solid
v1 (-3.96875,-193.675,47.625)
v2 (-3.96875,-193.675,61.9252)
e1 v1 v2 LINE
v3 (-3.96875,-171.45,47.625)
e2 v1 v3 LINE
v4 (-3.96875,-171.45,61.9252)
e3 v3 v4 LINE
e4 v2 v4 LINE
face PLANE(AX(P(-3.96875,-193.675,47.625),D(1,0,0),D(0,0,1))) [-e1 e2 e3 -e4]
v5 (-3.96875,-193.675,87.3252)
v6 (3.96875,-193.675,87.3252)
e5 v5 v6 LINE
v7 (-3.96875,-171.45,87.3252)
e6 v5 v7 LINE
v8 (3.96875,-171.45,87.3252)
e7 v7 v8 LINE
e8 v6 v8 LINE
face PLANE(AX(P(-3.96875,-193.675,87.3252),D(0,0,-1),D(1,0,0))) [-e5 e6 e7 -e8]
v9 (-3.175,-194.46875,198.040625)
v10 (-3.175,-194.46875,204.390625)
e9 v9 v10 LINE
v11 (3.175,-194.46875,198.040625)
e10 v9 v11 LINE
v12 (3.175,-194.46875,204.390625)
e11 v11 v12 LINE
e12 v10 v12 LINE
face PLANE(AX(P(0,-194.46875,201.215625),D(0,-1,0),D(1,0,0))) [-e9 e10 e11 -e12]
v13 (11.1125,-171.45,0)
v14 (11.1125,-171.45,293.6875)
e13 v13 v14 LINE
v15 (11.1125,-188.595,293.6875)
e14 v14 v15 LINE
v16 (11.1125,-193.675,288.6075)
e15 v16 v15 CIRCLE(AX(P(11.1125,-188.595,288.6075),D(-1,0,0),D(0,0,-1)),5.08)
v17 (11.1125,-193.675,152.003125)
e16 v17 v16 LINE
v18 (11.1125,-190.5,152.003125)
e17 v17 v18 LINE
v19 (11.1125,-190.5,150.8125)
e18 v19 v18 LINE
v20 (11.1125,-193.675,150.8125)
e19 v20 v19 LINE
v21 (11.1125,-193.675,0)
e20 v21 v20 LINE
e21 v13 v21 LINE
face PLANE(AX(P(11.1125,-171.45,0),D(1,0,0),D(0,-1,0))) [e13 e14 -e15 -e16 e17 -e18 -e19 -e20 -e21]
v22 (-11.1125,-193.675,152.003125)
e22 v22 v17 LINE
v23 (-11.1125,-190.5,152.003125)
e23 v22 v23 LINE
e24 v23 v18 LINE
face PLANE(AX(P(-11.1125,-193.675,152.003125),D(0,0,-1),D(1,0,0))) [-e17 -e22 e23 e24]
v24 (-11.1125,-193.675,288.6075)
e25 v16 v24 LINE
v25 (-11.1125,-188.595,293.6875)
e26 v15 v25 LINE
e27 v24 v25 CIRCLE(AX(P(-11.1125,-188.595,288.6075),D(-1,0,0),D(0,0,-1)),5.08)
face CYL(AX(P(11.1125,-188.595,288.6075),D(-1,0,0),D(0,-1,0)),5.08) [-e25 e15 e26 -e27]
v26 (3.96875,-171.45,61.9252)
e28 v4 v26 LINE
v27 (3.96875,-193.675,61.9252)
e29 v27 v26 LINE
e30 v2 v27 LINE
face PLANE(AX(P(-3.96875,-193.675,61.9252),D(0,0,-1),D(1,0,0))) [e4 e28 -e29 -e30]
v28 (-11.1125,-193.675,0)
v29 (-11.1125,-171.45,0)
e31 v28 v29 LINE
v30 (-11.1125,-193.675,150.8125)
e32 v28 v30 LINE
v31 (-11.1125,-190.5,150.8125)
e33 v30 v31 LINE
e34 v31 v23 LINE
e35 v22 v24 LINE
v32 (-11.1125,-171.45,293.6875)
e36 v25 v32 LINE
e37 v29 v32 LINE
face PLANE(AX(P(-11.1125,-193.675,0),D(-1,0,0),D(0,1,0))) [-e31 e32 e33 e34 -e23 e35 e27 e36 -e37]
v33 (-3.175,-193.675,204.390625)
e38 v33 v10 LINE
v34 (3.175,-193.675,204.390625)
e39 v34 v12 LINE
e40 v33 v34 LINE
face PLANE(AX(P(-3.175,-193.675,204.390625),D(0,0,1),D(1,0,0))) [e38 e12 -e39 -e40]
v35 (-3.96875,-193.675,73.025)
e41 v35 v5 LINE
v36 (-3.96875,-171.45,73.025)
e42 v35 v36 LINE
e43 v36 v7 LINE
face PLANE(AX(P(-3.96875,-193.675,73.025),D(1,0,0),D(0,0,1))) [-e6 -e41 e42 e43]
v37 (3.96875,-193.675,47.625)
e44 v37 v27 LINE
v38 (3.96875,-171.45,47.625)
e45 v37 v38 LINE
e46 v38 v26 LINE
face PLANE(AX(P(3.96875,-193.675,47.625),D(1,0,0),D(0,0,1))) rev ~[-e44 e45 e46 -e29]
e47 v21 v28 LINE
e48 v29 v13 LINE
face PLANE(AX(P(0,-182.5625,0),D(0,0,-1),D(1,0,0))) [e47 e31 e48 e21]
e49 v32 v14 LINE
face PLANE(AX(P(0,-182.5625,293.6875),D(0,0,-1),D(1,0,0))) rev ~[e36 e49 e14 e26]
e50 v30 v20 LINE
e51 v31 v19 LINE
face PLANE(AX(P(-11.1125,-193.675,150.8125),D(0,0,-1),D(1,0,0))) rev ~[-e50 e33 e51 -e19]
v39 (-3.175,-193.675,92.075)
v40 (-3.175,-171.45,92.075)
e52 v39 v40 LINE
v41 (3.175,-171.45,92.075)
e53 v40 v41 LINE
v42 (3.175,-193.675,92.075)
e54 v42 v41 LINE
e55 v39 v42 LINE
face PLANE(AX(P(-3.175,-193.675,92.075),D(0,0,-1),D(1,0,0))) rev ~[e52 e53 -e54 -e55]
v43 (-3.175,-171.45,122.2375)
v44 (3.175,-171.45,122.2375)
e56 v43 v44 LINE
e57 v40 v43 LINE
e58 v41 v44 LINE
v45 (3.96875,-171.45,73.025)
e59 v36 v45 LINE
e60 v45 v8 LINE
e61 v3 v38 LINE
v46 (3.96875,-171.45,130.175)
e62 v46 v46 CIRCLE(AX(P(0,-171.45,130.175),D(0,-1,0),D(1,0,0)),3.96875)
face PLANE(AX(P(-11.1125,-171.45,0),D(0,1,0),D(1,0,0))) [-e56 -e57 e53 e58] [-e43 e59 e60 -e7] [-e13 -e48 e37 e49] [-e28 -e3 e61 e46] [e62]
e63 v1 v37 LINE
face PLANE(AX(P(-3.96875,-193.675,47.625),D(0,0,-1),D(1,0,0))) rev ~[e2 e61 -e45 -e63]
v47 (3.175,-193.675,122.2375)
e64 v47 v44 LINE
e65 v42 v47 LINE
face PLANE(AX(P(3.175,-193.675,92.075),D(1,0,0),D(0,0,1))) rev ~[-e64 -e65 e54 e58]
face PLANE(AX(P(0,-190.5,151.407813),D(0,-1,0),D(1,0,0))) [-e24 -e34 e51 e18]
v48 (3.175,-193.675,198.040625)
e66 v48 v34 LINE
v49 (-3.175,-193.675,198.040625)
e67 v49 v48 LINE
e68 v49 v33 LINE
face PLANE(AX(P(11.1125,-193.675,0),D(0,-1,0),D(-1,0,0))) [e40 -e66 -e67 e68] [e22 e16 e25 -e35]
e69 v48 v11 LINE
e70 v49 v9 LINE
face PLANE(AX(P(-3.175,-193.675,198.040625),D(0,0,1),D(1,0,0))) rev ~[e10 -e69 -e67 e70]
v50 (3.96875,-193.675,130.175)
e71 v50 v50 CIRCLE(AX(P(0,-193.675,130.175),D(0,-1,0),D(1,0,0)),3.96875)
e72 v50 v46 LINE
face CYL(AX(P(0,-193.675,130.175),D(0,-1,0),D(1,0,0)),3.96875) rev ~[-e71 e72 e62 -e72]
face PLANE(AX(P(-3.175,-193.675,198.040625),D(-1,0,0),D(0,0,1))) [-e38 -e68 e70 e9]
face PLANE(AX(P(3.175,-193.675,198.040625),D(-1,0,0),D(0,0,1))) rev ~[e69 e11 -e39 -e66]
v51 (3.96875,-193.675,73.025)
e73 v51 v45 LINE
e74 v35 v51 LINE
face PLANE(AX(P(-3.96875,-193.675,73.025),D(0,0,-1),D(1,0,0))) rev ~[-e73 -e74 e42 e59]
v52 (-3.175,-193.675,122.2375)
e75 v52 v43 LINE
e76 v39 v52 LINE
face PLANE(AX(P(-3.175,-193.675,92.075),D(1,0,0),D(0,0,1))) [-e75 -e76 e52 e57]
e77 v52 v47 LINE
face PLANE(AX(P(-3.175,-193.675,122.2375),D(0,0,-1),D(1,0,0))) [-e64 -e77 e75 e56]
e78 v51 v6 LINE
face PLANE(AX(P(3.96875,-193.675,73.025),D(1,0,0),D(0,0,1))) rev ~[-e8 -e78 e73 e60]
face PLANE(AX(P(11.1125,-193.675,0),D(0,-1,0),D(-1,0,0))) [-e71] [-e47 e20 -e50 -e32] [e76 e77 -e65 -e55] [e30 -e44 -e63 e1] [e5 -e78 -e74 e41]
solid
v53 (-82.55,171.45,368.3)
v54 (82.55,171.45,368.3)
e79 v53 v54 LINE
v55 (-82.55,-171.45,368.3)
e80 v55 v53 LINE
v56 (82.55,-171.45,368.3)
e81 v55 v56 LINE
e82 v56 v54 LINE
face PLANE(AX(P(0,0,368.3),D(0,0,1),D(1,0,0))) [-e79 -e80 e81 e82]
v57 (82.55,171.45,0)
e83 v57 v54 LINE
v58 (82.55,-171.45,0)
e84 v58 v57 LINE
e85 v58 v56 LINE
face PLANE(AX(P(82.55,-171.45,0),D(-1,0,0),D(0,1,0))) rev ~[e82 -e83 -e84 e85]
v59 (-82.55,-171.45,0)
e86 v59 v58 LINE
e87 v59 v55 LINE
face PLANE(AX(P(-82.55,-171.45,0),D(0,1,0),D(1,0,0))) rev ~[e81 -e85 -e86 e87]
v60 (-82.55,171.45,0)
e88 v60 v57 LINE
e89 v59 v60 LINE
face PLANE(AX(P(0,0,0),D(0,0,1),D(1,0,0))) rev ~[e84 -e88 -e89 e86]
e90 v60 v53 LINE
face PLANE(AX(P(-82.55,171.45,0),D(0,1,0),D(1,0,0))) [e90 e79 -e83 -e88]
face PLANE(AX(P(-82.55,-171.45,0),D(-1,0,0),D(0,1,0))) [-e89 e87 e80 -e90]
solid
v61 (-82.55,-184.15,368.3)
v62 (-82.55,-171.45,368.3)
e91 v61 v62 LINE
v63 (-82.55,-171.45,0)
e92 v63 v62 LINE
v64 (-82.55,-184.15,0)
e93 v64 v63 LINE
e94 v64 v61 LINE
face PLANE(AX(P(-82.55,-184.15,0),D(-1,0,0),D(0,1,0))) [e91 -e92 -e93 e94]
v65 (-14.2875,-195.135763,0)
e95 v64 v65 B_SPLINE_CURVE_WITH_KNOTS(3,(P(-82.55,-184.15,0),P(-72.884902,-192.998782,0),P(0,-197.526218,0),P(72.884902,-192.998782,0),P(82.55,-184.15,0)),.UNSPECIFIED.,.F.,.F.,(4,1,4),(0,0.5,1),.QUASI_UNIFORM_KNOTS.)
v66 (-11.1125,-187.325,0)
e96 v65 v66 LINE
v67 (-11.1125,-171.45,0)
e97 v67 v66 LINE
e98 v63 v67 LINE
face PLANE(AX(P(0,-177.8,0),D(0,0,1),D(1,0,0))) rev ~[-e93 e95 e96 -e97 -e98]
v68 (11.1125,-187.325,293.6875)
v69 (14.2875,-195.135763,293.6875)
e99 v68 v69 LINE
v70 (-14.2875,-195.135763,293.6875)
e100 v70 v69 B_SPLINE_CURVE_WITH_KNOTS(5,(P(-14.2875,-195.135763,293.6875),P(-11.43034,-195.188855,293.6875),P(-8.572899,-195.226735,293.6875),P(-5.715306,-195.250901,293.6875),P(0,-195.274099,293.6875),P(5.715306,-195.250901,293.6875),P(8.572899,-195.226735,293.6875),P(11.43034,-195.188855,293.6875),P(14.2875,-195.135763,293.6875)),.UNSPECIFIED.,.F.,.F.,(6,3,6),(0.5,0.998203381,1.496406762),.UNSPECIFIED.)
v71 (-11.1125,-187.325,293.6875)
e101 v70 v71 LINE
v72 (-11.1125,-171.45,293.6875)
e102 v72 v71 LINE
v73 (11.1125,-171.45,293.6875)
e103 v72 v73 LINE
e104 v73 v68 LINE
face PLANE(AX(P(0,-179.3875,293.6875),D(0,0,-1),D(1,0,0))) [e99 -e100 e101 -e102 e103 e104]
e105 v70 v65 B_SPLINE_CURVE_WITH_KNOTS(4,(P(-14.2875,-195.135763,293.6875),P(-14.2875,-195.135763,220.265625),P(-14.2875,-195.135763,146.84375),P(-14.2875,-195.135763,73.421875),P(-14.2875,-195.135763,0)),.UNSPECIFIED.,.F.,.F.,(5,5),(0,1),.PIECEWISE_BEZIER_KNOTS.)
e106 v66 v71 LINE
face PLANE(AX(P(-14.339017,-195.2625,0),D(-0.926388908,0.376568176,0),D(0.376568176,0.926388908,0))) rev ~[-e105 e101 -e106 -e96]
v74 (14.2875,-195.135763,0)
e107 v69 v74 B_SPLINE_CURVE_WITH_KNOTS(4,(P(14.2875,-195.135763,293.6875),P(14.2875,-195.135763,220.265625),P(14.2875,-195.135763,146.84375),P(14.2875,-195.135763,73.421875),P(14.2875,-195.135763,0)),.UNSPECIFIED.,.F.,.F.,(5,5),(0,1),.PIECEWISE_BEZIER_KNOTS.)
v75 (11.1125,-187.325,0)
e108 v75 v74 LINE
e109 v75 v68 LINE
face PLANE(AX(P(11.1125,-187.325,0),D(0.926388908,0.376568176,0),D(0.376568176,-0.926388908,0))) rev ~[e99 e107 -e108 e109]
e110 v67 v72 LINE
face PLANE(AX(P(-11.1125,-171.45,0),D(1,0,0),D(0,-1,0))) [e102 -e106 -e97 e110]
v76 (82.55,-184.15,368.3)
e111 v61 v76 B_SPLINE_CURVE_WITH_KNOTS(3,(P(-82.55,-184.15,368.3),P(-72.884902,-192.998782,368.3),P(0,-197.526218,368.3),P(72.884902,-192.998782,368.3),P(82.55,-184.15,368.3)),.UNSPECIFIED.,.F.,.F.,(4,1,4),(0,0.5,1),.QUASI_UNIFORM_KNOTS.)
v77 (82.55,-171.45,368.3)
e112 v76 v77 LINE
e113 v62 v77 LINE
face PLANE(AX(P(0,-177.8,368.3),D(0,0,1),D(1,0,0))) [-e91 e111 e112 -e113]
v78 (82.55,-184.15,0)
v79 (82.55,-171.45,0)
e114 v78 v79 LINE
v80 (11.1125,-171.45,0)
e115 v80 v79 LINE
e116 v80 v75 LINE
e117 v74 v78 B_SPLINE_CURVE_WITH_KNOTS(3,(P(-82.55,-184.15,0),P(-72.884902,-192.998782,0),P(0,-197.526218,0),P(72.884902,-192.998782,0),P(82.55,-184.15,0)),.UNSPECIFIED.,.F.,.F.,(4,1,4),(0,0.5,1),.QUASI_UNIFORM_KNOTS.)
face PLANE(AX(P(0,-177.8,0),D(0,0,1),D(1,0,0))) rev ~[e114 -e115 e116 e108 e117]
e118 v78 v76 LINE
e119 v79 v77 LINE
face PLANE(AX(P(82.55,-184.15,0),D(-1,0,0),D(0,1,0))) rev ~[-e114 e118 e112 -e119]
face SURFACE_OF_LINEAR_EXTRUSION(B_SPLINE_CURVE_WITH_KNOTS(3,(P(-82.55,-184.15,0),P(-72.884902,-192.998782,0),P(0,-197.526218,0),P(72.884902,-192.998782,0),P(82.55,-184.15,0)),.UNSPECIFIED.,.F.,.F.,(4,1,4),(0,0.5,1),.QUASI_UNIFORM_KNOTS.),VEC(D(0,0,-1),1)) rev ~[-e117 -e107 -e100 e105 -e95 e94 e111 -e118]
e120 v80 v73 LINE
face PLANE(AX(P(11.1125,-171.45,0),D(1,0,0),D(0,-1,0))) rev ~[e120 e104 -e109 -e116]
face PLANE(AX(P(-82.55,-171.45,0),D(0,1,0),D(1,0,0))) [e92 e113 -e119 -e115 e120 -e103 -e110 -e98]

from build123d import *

# Parameters (mm, degrees)
F0_W      = 165.1
F0_H      = 342.9
F1_DEPTH  = 368.3
F2_W      = 165.1
F2_H      = 12.7
F3_DEPTH  = 368.3
F4_W      = 22.225
F4_H      = 15.875
F5_DEPTH  = 293.6875
F7_DEPTH  = 293.6875
F8_R      = 5.08
F9_W      = 22.225
F9_H      = 1.190625
F10_DEPTH = 3.175
F11_W     = 6.35
F11_H     = 6.35
F12_DEPTH = 0.79375
F13_R     = 3.96875
F13_W     = 6.35
F13_H     = 30.1625
F13_W_2   = 7.9375
F13_H_2   = 14.3002
F14_DEPTH = 22.225


with BuildPart() as f1:
    # F0 (on Top) → F1 (new body)
    with BuildSketch(Plane.XY):
        Rectangle(F0_W, F0_H)
    extrude(amount=F1_DEPTH)


with BuildPart() as f3:
    # F2 (on Top) → F3 (new body, through all)
    with BuildSketch(Plane.XY):
        with Locations((0, -177.8)):
            Rectangle(F2_W, F2_H)
        with BuildLine():
            Line((82.55, -184.15), (-82.55, -184.15))
            add(Edge.make_bspline(
                [(-82.55, -184.15), (-72.8849023581, -192.9987818003), (0, -197.5262181997), (72.8849023581, -192.9987818003), (82.55, -184.15)],
                knots=[0, 0, 0, 0, 0.5, 1, 1, 1, 1], degree=3))
        make_face()
    extrude(amount=F3_DEPTH)

    # F4 (on face) → F5 (cut)
    with BuildSketch(Plane(origin=(0, 0, 0), x_dir=(1, 0, 0), z_dir=(0, 0, -1))):
        with Locations((0, 179.3875)):
            Rectangle(F4_W, F4_H)
        Polygon((-14.3390173603, 195.2625), (-11.1125, 187.325), (11.1125, 187.325), (14.3390173603, 195.2625), align=None)
    extrude(amount=-F5_DEPTH, mode=Mode.SUBTRACT)


with BuildPart() as f7:
    # F6 (on face) → F7 (new body, through all)
    with BuildSketch(Plane(origin=(0, 0, 0), x_dir=(1, 0, 0), z_dir=(0, 0, -1))):
        Polygon((-11.1125, 193.675), (-11.1125, 171.45), (11.1125, 171.45), (11.1125, 187.325), (11.1125, 193.675), align=None)
    extrude(amount=-F7_DEPTH)

    # F8
    f8_edges = [f7.edges().sort_by_distance(p)[0] for p in [
        (0, -193.675, 293.6875),
    ]]
    fillet(f8_edges, radius=F8_R)

    # F9 (on face) → F10 (cut)
    with BuildSketch(Plane.XZ.offset(193.675)):
        with Locations((0, 151.4078125)):
            Rectangle(F9_W, F9_H)
    extrude(amount=-F10_DEPTH, mode=Mode.SUBTRACT)

    # F11 (on face) → F12 (join)
    with BuildSketch(Plane.XZ.offset(193.675)):
        with Locations((0, 201.215625)):
            Rectangle(F11_W, F11_H)
    extrude(amount=F12_DEPTH)

    # F13 (on face) → F14 (cut, through all)
    with BuildSketch(Plane.XZ.offset(193.675)):
        with Locations((0, 130.175)):
            Circle(F13_R)
        with Locations((0, 107.15625)):
            Rectangle(F13_W, F13_H)
        with Locations((0, 80.1751)):
            Rectangle(F13_W_2, F13_H_2)
        with Locations((0, 54.7751)):
            Rectangle(F13_W_2, F13_H_2)
    extrude(amount=-F14_DEPTH, mode=Mode.SUBTRACT)


solid = Compound([f1.part, f3.part, f7.part])
